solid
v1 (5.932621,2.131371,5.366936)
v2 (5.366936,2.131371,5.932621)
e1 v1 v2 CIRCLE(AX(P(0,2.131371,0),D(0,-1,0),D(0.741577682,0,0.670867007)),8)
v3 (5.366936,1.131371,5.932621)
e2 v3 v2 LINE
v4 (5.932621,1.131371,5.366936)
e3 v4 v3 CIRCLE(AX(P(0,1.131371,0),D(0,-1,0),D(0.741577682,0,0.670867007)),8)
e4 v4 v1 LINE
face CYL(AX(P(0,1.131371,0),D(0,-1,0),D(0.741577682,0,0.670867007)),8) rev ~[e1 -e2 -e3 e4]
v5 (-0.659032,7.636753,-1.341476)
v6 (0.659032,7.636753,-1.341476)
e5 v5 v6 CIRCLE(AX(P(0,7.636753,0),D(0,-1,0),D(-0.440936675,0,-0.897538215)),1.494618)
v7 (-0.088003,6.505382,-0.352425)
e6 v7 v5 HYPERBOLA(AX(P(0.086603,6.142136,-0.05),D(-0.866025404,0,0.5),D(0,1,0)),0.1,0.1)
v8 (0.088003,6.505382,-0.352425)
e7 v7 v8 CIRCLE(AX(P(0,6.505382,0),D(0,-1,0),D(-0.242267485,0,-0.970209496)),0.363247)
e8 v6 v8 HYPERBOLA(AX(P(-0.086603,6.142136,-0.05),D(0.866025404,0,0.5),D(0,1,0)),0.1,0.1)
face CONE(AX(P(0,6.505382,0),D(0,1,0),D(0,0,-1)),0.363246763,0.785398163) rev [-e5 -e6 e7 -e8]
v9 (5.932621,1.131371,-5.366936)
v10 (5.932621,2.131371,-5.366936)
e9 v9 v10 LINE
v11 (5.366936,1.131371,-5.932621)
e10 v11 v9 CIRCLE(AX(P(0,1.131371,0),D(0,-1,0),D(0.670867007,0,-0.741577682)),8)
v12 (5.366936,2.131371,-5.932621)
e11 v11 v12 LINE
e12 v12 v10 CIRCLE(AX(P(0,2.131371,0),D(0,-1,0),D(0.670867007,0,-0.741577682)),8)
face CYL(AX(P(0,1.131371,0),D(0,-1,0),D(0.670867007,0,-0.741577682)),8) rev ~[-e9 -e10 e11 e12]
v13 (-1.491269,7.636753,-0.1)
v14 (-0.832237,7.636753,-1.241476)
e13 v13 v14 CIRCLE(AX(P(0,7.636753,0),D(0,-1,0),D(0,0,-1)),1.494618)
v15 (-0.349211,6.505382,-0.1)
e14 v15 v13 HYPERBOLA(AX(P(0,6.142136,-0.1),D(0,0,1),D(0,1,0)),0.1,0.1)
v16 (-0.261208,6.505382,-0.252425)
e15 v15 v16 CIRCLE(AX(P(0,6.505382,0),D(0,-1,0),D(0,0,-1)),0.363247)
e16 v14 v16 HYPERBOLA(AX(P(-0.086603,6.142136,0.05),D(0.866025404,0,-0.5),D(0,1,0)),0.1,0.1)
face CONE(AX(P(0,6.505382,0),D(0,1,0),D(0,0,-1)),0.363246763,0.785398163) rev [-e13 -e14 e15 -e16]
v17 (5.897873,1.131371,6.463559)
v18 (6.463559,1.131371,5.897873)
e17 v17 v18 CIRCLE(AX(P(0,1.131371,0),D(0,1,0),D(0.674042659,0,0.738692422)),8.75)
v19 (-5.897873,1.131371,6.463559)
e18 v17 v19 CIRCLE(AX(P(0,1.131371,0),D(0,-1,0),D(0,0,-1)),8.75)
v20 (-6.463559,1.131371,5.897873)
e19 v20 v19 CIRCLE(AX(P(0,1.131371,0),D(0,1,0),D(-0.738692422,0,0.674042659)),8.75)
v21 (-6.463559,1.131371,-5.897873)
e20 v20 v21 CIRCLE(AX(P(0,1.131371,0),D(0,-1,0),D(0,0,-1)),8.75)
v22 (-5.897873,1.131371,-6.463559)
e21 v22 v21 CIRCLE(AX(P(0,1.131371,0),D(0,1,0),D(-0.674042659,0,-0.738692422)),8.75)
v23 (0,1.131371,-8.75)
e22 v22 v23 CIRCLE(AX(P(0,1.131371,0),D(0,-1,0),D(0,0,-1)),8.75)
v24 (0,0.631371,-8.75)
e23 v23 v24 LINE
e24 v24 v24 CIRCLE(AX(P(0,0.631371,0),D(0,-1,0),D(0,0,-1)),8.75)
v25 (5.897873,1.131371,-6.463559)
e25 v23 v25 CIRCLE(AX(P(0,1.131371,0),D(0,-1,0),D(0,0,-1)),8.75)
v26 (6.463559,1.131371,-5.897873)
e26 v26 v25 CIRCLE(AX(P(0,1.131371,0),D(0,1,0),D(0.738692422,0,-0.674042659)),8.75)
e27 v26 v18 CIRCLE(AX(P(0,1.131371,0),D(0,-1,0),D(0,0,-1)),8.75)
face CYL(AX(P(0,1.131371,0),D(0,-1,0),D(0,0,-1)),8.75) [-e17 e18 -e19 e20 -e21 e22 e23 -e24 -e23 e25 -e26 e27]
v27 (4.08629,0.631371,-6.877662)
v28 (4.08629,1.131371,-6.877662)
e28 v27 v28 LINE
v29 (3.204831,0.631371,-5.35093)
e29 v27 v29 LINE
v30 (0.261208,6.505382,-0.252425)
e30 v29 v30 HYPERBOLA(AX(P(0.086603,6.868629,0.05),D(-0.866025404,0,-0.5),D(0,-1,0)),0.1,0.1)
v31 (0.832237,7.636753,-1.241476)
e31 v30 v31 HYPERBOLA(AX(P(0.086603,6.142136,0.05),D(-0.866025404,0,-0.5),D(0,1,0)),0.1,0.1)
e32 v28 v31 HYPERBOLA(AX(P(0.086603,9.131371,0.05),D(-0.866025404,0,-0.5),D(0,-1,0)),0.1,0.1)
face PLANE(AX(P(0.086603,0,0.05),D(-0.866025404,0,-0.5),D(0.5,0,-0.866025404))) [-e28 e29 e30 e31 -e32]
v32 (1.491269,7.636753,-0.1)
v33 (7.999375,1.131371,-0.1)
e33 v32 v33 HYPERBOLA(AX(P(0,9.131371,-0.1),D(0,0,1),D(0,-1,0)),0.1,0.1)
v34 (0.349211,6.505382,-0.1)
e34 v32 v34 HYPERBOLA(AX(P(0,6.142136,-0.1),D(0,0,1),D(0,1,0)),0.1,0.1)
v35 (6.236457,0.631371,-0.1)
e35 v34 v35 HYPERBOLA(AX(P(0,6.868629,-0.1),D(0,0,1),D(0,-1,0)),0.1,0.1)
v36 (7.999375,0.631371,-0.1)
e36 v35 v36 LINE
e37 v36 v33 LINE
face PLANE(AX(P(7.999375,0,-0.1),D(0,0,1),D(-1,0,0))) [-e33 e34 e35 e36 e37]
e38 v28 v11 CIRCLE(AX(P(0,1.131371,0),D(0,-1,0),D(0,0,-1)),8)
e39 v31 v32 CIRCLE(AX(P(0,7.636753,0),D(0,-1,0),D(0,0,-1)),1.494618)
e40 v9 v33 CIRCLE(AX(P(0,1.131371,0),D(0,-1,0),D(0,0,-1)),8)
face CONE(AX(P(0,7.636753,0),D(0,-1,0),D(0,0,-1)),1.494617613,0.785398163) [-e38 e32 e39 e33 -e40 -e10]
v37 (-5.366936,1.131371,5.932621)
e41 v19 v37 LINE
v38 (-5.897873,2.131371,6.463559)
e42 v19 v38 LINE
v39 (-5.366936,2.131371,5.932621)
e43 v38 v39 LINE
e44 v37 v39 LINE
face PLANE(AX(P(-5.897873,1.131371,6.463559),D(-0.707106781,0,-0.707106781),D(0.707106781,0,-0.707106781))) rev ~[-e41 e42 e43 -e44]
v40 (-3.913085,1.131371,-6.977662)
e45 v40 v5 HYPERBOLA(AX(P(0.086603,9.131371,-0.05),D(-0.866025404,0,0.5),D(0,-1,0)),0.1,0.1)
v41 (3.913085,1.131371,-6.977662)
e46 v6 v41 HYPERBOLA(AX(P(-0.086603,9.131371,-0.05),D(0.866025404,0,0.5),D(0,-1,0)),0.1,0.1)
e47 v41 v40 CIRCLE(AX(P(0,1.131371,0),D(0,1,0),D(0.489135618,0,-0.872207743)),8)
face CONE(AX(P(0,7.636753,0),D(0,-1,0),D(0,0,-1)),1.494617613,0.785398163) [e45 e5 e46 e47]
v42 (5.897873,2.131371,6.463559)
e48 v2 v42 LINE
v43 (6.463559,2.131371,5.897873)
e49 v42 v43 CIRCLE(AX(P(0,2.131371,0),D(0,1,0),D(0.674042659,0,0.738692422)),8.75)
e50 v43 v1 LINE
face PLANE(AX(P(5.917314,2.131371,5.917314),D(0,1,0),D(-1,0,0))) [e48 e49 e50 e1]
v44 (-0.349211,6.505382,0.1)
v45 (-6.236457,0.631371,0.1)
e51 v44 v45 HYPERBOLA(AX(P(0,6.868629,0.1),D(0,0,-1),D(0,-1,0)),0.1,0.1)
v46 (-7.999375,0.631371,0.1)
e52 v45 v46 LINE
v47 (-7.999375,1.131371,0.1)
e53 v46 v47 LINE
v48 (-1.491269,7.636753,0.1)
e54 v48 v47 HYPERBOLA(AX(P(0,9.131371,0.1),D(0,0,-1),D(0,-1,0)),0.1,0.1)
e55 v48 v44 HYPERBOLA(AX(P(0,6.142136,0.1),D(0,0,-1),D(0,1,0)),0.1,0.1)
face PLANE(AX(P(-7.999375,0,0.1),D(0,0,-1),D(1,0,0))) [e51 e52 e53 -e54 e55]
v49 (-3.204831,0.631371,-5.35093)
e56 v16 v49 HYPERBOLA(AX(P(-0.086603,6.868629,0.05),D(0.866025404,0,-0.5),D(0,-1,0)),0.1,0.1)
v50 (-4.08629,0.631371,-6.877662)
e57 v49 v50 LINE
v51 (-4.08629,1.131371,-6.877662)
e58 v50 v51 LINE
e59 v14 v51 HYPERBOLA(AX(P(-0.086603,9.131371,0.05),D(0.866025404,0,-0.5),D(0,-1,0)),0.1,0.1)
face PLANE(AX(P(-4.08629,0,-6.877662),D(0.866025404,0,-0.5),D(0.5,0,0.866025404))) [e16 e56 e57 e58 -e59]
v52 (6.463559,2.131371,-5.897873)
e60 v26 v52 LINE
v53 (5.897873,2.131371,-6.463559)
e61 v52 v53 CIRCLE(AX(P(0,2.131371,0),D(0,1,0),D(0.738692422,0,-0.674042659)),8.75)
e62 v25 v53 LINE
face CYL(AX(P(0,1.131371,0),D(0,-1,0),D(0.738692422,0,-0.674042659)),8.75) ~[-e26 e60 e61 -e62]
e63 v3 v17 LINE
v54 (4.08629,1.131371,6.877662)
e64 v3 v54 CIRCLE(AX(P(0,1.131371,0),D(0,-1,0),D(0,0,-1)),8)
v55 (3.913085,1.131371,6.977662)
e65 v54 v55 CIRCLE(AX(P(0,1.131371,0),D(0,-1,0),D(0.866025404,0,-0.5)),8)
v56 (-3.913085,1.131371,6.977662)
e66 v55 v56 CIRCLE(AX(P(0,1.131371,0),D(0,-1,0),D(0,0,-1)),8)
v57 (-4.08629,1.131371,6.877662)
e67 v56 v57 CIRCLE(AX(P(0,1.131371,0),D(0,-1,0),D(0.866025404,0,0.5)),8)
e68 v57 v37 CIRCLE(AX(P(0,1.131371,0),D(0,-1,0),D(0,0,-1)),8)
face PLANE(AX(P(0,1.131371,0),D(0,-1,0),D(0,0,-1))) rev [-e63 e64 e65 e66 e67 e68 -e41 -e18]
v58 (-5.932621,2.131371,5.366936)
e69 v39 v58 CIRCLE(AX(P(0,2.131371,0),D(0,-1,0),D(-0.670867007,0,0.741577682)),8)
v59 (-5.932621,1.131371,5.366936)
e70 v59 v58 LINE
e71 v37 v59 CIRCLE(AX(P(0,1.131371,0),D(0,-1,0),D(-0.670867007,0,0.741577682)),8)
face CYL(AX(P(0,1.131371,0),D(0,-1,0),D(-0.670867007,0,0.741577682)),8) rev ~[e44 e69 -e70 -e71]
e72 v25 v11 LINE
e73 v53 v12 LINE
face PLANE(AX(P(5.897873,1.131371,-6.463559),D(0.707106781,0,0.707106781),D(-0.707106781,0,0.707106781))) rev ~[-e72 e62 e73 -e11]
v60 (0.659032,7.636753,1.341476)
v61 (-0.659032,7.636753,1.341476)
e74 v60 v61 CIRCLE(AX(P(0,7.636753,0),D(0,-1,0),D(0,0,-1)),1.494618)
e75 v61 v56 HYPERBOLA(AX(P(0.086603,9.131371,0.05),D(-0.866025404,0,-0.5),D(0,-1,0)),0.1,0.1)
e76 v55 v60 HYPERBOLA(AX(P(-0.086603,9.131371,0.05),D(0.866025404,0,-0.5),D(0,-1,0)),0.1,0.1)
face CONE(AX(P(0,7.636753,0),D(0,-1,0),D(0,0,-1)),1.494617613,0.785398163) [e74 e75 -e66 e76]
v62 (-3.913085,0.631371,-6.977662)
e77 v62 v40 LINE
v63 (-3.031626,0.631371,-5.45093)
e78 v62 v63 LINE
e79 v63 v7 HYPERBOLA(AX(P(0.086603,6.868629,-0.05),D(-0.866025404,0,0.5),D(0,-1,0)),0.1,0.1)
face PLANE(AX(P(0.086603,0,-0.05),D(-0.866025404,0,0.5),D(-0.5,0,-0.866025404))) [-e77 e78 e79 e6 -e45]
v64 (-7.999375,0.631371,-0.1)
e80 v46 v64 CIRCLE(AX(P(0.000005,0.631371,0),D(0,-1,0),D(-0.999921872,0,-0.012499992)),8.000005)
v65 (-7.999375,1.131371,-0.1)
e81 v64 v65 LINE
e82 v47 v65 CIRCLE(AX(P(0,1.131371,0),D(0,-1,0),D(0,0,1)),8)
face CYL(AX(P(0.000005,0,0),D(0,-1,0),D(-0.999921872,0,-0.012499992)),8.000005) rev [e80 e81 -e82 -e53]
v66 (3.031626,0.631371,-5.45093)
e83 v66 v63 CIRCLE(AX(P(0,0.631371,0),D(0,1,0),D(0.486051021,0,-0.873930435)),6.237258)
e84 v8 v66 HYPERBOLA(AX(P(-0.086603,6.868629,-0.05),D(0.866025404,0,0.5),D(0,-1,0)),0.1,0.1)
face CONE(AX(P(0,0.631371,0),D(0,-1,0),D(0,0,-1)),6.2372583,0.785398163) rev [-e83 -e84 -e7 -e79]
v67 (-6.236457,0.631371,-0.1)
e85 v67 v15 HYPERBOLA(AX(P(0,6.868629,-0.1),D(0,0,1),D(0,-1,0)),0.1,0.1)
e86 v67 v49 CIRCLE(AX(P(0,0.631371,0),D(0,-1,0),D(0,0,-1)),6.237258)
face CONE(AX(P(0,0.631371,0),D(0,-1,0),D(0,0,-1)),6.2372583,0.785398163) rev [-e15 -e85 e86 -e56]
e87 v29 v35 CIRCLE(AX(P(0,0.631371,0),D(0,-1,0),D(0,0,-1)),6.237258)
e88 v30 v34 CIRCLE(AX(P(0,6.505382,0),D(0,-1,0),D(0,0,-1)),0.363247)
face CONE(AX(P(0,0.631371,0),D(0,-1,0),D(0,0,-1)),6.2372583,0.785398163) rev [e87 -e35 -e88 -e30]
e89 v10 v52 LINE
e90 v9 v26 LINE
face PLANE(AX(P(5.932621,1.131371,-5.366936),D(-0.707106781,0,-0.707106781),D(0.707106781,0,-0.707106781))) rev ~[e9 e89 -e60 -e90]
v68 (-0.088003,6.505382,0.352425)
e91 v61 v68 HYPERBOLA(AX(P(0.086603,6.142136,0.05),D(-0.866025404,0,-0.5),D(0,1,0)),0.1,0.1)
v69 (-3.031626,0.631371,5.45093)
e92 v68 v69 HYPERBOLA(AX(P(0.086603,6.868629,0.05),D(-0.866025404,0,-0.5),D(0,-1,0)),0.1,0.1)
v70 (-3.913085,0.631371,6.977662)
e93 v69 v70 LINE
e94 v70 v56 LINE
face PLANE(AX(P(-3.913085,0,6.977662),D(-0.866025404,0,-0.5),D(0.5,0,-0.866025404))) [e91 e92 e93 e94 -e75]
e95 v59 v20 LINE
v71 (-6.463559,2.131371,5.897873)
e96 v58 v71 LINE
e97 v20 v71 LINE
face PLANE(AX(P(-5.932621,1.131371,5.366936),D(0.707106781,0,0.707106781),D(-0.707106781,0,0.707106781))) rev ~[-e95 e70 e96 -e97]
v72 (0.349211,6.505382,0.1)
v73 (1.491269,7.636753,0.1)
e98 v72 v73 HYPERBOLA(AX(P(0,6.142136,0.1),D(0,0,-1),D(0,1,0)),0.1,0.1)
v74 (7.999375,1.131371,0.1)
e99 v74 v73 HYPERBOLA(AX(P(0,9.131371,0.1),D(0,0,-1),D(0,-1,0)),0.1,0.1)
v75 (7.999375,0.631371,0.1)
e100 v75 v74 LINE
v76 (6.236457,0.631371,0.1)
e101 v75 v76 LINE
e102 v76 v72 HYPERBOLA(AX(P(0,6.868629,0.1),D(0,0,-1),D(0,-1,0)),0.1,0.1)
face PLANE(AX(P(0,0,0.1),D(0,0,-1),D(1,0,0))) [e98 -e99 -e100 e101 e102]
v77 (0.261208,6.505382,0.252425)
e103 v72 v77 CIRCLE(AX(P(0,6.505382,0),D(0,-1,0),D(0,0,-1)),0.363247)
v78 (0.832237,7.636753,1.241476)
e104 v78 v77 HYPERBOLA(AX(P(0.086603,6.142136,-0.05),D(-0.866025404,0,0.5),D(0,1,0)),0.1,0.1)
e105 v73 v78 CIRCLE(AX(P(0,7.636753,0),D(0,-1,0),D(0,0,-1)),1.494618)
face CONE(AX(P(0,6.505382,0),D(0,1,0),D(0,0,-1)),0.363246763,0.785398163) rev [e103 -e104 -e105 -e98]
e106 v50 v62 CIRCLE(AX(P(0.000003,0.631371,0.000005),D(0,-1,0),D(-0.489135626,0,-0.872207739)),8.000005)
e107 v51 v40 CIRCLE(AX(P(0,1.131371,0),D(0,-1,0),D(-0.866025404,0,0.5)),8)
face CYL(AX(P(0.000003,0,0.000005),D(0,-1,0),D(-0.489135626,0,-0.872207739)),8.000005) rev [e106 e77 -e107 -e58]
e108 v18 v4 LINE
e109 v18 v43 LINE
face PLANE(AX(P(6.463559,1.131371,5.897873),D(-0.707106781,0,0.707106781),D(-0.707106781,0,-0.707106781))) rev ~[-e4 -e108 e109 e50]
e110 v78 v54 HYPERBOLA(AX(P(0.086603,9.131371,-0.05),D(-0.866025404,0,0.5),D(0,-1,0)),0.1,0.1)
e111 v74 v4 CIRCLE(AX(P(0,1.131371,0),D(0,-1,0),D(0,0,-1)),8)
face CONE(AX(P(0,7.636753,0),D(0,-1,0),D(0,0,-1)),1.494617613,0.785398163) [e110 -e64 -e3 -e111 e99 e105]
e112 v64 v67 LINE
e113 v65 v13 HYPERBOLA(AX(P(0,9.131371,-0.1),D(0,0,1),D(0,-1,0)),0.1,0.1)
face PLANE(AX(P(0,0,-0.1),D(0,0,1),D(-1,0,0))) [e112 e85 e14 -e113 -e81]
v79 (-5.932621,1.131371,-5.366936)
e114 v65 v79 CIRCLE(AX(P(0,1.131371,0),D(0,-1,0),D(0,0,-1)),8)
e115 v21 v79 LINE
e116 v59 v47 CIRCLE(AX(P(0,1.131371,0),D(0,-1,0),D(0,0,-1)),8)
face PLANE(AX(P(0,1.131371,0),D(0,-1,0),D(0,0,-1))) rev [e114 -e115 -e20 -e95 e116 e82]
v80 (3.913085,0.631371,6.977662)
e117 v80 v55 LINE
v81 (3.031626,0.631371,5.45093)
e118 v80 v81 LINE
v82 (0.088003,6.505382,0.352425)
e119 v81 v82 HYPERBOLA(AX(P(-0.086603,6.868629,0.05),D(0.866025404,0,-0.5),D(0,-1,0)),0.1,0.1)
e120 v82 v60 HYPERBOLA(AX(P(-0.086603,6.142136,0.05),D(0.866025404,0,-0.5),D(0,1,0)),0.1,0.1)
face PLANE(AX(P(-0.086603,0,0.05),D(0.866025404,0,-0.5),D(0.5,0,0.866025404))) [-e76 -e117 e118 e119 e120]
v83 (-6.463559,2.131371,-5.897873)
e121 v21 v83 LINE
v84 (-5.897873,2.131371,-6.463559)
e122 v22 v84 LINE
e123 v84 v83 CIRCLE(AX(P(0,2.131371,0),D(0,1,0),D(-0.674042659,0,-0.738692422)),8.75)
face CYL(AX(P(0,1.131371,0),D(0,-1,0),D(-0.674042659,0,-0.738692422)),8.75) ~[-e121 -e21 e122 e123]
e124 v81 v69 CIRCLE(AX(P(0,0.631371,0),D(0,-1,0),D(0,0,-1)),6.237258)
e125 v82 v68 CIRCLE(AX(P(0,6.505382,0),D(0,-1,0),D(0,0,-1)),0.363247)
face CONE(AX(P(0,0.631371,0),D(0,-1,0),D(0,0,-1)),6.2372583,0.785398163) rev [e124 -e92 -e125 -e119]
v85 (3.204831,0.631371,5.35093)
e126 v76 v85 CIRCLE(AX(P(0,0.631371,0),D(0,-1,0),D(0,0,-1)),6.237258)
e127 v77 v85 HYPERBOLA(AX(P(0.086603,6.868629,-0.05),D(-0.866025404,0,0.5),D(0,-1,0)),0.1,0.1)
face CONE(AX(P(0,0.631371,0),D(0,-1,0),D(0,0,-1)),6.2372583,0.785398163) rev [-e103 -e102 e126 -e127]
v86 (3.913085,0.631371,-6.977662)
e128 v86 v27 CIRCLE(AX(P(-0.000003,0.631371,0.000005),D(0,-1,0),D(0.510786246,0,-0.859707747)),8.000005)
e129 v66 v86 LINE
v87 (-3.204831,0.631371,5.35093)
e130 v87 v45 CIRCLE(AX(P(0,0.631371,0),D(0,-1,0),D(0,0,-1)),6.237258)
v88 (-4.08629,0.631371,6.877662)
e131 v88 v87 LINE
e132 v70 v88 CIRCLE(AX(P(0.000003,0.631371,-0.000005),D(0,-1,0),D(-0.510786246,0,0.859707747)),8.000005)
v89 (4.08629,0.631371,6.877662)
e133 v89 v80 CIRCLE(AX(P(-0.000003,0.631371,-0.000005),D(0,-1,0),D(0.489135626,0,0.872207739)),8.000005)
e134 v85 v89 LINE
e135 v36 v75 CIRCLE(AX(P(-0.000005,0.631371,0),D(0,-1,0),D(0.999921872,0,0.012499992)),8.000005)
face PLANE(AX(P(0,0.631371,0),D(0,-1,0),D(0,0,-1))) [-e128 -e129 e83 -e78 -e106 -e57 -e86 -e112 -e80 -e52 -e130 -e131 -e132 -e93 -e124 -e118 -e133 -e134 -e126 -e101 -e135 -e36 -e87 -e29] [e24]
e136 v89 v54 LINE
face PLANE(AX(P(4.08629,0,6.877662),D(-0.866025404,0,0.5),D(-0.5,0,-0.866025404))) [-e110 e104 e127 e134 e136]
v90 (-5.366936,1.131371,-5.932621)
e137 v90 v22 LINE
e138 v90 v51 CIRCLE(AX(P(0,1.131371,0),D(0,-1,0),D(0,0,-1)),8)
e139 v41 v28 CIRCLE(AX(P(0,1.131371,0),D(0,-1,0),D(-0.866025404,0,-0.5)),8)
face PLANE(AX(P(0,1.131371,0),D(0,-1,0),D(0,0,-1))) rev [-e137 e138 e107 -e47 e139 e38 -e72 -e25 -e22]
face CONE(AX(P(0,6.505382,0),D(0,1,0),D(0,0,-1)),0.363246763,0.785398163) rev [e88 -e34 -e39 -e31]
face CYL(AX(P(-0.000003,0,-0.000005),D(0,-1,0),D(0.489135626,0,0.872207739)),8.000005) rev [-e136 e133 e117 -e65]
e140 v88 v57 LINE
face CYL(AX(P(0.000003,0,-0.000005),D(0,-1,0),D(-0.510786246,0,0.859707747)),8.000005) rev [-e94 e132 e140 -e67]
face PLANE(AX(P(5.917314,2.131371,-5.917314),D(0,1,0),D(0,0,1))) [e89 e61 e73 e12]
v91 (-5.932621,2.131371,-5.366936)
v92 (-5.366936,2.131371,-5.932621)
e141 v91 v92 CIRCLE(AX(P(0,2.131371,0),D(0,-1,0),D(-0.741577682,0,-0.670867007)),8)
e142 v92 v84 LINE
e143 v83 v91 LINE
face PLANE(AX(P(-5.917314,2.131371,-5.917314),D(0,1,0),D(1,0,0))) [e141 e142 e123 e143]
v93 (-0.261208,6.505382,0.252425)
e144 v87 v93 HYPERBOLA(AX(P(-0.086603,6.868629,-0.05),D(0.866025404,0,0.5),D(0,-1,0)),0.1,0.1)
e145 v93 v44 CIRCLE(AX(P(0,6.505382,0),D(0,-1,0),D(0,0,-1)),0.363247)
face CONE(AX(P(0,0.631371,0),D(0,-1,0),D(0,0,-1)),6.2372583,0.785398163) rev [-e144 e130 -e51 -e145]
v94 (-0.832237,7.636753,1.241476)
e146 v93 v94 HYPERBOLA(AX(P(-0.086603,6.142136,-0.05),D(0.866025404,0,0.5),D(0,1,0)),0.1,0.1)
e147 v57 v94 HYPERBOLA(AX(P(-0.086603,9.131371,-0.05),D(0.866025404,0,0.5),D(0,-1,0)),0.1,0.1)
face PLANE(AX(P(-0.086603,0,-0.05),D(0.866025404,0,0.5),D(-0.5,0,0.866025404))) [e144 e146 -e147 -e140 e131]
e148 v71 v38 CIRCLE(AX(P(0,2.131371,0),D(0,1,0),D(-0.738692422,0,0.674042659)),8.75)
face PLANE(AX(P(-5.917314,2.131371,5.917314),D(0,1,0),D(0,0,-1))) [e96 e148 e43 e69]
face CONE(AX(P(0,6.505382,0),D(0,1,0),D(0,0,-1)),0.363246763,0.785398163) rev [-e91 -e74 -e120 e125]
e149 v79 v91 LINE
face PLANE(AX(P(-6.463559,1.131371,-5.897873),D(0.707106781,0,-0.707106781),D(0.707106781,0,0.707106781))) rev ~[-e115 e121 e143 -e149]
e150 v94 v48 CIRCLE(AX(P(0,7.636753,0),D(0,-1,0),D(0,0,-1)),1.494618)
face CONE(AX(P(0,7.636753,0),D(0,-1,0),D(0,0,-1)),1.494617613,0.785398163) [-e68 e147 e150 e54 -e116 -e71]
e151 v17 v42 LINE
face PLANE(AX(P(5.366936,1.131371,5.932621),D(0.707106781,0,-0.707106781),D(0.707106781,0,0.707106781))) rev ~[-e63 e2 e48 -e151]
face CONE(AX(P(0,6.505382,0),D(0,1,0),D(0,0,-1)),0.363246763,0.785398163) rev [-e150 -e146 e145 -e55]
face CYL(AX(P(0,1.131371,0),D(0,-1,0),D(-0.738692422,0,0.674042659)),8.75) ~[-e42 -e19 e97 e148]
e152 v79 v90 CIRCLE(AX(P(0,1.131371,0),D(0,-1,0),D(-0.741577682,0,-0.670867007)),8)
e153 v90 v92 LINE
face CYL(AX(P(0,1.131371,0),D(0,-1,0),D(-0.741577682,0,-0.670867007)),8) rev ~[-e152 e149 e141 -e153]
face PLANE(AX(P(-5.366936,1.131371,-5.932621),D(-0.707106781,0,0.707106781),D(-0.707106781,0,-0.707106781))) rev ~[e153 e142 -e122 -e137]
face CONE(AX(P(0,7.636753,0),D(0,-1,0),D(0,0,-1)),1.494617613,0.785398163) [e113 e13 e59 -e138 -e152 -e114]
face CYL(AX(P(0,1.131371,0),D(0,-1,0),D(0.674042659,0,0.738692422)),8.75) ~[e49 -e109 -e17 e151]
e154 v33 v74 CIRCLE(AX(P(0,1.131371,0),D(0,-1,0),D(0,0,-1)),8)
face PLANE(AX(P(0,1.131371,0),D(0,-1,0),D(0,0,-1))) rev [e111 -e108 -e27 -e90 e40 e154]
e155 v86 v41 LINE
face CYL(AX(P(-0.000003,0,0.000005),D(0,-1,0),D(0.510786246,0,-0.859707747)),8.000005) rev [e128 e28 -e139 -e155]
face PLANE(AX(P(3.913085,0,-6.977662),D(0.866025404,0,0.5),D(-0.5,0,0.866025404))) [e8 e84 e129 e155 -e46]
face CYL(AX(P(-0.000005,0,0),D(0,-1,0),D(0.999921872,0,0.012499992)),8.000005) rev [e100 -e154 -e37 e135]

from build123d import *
from build123d.topology import SkipClean

# Parameters (mm, degrees)
CUT_EXTRUDE_1_REACH             = 16.541
CUT_EXTRUDE_1_DIRECTION_2_DEPTH = 10
PATTERN_CIRCULAR_1_COUNT        = 6
EXTRUDE_1_DEPTH                 = 1
PATTERN_CIRCULAR_2_COUNT        = 4


with BuildPart() as part:
    # 草图1 → 旋转2 (revolve)
    with BuildSketch(Plane.XY):
        Polygon((-1.494617613, 7.636753237), (-8, 1.13137085), (-8.75, 1.13137085), (-8.75, 0.63137085), (-6.2372583, 0.63137085), (-0.363246763, 6.505382387), align=None)
    revolve(axis=Axis((0, 35.786073675, 0), (0, -1, 0)))

    # 草图2 → 切除-拉伸1 (cut, up to next)
    with BuildSketch(Plane(origin=(0, 0, 0), x_dir=(1, 0, 0), z_dir=(0, 1, 0)), mode=Mode.PRIVATE) as cut_extrude_1_sk1:
        with BuildLine():
            Line((0, -0.1), (7.999374976, -0.1))
            ThreePointArc((7.999374976, -0.1), (8, 0), (7.999374976, 0.1))
            Line((7.999374976, 0.1), (0, 0.1))
            Line((0, 0.1), (0, -0.1))
        make_face()
    cut_extrude_1_tool1 = extrude(cut_extrude_1_sk1.sketch, amount=CUT_EXTRUDE_1_REACH, mode=Mode.PRIVATE) & part.part
    cut_extrude_1 = cut_extrude_1_tool1.solids().sort_by_distance((3.999896, 0, 0))[0]
    add(cut_extrude_1, mode=Mode.SUBTRACT)

    # 草图2 → 切除-拉伸1 direction 2 (cut)
    with BuildSketch(Plane(origin=(0, 0, 0), x_dir=(1, 0, 0), z_dir=(0, 1, 0))):
        with BuildLine():
            Line((0, -0.1), (7.999374976, -0.1))
            ThreePointArc((7.999374976, -0.1), (8, 0), (7.999374976, 0.1))
            Line((7.999374976, 0.1), (0, 0.1))
            Line((0, 0.1), (0, -0.1))
        make_face()
    cut_extrude_1_direction_2 = extrude(amount=-CUT_EXTRUDE_1_DIRECTION_2_DEPTH, mode=Mode.SUBTRACT)

    # 阵列(圆周)1: 切除-拉伸1, 切除-拉伸1 direction 2 ×6 about axis
    pattern_circular_1_axis = Axis((0, 1.13137085, 0), (0, 1, 0))
    add([cut_extrude_1.rotate(pattern_circular_1_axis, i * 360 / PATTERN_CIRCULAR_1_COUNT) for i in range(1, PATTERN_CIRCULAR_1_COUNT)], mode=Mode.SUBTRACT)
    add([cut_extrude_1_direction_2.rotate(pattern_circular_1_axis, i * 360 / PATTERN_CIRCULAR_1_COUNT) for i in range(1, PATTERN_CIRCULAR_1_COUNT)], mode=Mode.SUBTRACT)

    # 草图3 → 凸台-拉伸1 (add)
    with BuildSketch(Plane(origin=(0, 1.13137085, 0), x_dir=(1, 0, 0), z_dir=(0, 1, 0))):
        with BuildLine():
            Line((-5.366936044, 5.932621469), (-5.897873265, 6.46355869))
            ThreePointArc((-5.897873265, 6.46355869), (-6.187184335, 6.187184335), (-6.46355869, 5.897873265))
            Line((-6.46355869, 5.897873265), (-5.932621469, 5.366936044))
            ThreePointArc((-5.932621469, 5.366936044), (-5.656854249, 5.656854249), (-5.366936044, 5.932621469))
        make_face()
    extrude_1 = extrude(amount=EXTRUDE_1_DEPTH)

    # 阵列(圆周)2: 凸台-拉伸1 ×4 about axis
    with SkipClean():  # the faces are left unmerged after this step: merging them gives an invalid solid
        pattern_circular_2_axis = Axis((0, 1.13137085, 0), (0, 1, 0))
        for i in range(1, PATTERN_CIRCULAR_2_COUNT):
            add(extrude_1.rotate(pattern_circular_2_axis, i * 360 / PATTERN_CIRCULAR_2_COUNT))


solid = part.part
